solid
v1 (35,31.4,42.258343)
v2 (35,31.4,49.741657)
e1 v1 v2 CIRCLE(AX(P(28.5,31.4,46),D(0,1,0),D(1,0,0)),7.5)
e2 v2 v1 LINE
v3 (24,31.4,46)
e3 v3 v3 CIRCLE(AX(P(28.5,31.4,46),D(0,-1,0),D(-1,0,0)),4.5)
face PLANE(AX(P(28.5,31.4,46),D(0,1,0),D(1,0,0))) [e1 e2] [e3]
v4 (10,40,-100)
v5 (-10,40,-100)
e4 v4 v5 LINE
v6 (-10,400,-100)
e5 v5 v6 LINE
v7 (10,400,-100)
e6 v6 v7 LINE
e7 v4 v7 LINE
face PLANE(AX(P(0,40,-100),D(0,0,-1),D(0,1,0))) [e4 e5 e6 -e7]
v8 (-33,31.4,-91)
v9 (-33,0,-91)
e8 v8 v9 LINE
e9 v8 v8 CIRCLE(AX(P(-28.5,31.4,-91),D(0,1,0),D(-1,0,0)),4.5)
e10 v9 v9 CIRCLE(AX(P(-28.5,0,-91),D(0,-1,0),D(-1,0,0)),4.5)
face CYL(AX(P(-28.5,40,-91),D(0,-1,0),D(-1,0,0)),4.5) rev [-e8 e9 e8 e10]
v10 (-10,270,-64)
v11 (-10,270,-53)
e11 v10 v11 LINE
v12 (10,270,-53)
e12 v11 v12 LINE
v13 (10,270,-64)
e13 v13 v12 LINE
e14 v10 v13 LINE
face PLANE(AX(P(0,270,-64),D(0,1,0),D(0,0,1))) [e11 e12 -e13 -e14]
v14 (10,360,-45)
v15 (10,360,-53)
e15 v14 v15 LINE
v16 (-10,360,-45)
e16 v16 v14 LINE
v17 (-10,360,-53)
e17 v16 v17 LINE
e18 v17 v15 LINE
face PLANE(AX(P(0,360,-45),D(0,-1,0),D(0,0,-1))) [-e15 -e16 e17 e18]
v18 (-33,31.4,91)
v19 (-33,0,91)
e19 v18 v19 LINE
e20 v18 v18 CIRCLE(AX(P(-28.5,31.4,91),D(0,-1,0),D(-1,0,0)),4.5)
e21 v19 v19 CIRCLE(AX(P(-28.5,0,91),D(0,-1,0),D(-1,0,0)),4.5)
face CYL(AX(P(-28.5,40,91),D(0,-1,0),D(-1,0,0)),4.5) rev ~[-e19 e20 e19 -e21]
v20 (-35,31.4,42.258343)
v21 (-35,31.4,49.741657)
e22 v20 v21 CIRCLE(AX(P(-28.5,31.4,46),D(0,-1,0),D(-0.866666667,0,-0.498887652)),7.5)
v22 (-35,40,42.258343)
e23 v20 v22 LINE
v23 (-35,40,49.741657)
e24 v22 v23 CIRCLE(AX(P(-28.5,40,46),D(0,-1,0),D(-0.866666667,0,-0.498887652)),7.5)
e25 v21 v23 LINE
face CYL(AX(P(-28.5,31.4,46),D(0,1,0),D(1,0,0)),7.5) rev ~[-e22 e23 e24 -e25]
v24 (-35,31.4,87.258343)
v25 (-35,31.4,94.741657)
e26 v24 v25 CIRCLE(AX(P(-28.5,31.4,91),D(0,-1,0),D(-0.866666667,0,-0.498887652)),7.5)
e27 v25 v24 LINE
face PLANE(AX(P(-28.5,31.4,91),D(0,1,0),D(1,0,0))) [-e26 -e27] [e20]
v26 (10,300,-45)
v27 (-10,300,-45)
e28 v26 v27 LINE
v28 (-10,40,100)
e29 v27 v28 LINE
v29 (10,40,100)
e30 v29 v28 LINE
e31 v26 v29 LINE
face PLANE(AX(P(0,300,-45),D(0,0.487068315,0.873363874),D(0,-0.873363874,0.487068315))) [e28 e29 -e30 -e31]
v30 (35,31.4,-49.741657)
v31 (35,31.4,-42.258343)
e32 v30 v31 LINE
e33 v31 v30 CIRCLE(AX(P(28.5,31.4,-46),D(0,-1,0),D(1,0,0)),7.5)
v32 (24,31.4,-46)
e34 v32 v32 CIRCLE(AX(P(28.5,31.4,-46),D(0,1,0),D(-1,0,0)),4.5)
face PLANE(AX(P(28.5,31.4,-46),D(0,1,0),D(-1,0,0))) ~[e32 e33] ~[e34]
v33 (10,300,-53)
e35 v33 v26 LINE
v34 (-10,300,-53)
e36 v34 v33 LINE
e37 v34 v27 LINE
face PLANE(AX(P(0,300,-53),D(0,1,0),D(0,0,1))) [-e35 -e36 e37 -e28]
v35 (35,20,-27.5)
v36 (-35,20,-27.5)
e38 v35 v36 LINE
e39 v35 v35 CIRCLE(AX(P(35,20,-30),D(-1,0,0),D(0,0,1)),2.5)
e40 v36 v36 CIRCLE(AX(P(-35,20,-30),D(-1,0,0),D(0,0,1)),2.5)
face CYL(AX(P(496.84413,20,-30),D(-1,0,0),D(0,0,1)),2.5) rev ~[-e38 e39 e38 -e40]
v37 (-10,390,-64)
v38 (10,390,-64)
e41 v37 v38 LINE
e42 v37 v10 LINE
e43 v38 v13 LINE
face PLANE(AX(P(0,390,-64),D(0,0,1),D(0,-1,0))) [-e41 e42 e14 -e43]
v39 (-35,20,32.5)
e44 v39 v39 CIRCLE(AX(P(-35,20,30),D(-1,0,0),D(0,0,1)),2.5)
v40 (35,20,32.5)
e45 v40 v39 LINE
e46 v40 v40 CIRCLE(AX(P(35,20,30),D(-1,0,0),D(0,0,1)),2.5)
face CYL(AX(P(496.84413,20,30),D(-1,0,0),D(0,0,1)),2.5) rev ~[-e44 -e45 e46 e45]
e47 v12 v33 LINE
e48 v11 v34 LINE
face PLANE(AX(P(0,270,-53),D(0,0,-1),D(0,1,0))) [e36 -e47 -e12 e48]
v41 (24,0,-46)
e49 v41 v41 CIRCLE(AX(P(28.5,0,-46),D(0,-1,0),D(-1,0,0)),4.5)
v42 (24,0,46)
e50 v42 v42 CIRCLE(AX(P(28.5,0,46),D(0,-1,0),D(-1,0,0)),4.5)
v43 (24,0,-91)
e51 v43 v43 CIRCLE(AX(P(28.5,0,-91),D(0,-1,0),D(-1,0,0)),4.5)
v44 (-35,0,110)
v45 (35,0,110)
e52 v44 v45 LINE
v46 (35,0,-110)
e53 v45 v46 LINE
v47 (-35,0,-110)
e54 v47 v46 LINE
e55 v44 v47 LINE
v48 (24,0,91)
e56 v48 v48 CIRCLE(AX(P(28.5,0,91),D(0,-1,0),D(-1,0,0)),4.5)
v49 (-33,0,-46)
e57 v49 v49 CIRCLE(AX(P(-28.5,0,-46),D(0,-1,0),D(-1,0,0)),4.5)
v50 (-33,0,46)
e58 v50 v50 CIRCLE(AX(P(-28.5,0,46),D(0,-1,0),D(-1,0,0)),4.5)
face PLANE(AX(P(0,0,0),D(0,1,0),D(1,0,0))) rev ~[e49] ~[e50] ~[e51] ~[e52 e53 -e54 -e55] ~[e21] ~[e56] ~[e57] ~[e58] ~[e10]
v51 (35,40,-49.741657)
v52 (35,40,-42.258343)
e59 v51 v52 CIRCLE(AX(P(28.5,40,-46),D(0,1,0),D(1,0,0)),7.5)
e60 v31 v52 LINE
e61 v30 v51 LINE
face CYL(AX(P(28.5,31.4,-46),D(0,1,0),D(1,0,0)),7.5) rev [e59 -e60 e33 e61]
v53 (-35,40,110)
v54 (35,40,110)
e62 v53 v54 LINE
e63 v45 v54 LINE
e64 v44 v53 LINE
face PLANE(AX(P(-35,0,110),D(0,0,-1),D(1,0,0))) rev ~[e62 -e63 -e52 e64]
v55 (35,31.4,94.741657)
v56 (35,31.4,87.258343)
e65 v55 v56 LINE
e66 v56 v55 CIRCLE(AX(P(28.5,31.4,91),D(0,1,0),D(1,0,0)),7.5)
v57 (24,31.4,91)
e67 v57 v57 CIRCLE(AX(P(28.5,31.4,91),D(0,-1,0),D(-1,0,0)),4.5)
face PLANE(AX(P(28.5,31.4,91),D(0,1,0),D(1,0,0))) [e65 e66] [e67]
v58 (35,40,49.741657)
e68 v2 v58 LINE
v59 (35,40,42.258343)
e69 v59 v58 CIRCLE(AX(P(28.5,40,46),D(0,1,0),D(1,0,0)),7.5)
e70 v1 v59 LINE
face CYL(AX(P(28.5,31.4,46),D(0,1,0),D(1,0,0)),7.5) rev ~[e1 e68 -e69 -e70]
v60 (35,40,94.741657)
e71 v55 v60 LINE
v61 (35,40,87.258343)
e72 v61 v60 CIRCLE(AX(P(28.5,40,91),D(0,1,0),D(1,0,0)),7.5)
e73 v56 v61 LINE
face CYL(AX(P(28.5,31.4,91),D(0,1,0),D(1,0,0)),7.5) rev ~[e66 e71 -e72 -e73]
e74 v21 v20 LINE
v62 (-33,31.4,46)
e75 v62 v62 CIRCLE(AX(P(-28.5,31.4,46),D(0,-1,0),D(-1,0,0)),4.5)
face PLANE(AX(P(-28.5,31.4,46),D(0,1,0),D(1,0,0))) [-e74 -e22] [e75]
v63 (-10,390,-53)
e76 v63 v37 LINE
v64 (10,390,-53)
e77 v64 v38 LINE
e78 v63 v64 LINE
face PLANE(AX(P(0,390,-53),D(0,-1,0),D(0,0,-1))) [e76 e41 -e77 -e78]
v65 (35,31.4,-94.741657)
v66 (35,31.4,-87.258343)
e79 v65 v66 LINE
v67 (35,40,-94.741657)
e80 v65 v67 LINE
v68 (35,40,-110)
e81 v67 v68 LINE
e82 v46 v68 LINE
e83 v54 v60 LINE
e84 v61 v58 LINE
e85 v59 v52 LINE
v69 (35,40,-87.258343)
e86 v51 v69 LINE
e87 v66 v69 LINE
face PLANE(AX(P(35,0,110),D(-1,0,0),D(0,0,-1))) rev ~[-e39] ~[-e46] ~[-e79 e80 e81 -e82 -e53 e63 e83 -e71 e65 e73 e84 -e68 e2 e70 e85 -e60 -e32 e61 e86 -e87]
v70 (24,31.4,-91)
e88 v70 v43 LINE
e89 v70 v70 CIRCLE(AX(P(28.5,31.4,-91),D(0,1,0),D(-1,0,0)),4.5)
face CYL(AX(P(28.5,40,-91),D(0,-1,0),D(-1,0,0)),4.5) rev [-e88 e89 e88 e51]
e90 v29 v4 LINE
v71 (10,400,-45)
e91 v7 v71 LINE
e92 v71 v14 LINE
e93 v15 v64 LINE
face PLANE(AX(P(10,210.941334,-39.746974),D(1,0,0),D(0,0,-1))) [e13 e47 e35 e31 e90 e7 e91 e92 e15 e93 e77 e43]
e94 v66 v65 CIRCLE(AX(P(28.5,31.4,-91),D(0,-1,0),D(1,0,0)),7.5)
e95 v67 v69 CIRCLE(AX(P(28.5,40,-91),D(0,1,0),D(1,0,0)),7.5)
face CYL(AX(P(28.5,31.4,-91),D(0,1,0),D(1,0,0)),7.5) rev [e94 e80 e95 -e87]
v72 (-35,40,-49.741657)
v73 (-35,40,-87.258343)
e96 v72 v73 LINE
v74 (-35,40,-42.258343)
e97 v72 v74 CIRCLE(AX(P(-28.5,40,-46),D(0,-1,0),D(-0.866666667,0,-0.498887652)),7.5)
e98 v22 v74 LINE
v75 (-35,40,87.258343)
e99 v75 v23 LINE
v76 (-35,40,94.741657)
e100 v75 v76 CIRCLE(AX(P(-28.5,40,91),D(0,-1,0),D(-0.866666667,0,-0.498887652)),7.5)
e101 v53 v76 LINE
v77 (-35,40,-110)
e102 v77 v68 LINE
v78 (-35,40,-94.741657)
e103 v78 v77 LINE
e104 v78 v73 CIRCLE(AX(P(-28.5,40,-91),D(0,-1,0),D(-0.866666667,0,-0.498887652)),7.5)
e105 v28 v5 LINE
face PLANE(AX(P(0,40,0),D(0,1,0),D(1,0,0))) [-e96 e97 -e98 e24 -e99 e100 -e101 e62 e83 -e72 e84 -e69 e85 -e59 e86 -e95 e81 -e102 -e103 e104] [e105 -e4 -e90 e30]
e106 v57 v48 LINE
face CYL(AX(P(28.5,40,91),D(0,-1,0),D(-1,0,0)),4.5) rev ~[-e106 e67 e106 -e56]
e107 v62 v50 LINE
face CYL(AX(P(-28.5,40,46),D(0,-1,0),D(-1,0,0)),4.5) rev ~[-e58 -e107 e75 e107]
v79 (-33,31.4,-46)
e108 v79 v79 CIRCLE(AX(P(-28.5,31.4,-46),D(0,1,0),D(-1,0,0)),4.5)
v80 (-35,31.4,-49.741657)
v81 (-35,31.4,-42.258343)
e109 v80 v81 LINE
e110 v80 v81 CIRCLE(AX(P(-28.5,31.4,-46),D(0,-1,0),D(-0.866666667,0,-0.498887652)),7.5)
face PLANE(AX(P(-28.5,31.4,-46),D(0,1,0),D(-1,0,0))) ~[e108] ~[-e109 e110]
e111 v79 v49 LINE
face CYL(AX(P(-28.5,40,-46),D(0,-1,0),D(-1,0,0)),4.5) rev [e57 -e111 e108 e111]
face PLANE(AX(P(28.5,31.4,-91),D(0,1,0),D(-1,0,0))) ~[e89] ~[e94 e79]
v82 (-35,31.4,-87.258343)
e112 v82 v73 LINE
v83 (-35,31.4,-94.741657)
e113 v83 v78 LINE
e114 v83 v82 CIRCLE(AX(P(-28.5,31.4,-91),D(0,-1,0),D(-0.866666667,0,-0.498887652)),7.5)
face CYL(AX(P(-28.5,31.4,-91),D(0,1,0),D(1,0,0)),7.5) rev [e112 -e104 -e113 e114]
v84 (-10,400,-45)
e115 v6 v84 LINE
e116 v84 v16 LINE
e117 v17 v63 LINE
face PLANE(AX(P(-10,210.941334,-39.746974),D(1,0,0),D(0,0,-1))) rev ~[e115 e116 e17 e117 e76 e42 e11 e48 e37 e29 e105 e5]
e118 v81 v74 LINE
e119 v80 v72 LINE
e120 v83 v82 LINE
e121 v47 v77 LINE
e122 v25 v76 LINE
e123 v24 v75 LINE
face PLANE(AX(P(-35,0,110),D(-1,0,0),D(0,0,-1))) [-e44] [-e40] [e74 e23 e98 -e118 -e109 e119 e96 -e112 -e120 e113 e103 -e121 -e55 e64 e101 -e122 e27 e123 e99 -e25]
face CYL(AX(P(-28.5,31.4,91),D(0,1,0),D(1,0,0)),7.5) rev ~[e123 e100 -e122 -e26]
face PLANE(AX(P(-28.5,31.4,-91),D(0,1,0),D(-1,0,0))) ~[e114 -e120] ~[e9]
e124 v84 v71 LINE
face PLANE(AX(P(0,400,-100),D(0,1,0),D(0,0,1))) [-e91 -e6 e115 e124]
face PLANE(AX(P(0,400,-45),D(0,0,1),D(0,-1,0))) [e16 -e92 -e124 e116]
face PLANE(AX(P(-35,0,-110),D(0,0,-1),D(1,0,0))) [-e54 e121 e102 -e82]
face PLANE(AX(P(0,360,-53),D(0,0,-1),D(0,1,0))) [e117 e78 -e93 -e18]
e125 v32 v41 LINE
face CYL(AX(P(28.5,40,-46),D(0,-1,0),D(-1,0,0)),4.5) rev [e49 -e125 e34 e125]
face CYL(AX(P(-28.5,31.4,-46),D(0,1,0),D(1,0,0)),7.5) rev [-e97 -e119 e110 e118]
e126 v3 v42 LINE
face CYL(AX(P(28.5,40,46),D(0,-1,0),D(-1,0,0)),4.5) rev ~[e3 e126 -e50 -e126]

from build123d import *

# Parameters (mm, degrees)
SKETCH_1_W                  = 70
SKETCH_1_H                  = 220
EXTRUDE_1_DEPTH             = 40
HOLE_WIZARD_M81_D           = 9
HOLE_WIZARD_M81_CBORE_D     = 15
HOLE_WIZARD_M81_CBORE_DEPTH = 8.6
EXTRUDE_2_DEPTH             = 10
HOLE_WIZARD_M61_D           = 5


with BuildPart() as part:
    # Эскиз1 → Бобышка-Вытянуть1 (new body)
    with BuildSketch(Plane(origin=(0, 0, 0), x_dir=(1, 0, 0), z_dir=(0, 1, 0))):
        Rectangle(SKETCH_1_W, SKETCH_1_H)
    extrude(amount=EXTRUDE_1_DEPTH)

    # Цековка для  винта с внутренним шестигранником M81 (through all)
    with Locations(Plane(origin=(0, 40, 0), x_dir=(1, 0, 0), z_dir=(0, 1, 0))):
        with Locations((-28.5, -46), (28.5, -46), (28.5, -91), (-28.5, -91)):
            hole_wizard_m81 = CounterBoreHole(HOLE_WIZARD_M81_D / 2, HOLE_WIZARD_M81_CBORE_D / 2, HOLE_WIZARD_M81_CBORE_DEPTH)

    # Зеркальное отражение1: Цековка для  винта с внутренним шестигранником M81 across plane
    add(hole_wizard_m81.mirror(Plane.XY), mode=Mode.SUBTRACT)

    # Эскиз4 → Бобышка-Вытянуть2 (add, symmetric)
    with BuildSketch(Plane(origin=(0, 0, 0), x_dir=(0, 0, -1), z_dir=(1, 0, 0))):
        Polygon((100, 40), (100, 400), (45, 400), (45, 360), (53, 360), (53, 390), (64, 390), (64, 270), (53, 270), (53, 300), (45, 300), (-100, 40), align=None)
    extrude(amount=EXTRUDE_2_DEPTH, both=True)

    # Отверстие обработанное метчиком M61 (through all)
    with Locations(Plane(origin=(35, 0, 0), x_dir=(0, 0, -1), z_dir=(1, 0, 0))):
        with Locations((-30, 20), (30, 20)):
            Hole(HOLE_WIZARD_M61_D / 2)


solid = part.part
